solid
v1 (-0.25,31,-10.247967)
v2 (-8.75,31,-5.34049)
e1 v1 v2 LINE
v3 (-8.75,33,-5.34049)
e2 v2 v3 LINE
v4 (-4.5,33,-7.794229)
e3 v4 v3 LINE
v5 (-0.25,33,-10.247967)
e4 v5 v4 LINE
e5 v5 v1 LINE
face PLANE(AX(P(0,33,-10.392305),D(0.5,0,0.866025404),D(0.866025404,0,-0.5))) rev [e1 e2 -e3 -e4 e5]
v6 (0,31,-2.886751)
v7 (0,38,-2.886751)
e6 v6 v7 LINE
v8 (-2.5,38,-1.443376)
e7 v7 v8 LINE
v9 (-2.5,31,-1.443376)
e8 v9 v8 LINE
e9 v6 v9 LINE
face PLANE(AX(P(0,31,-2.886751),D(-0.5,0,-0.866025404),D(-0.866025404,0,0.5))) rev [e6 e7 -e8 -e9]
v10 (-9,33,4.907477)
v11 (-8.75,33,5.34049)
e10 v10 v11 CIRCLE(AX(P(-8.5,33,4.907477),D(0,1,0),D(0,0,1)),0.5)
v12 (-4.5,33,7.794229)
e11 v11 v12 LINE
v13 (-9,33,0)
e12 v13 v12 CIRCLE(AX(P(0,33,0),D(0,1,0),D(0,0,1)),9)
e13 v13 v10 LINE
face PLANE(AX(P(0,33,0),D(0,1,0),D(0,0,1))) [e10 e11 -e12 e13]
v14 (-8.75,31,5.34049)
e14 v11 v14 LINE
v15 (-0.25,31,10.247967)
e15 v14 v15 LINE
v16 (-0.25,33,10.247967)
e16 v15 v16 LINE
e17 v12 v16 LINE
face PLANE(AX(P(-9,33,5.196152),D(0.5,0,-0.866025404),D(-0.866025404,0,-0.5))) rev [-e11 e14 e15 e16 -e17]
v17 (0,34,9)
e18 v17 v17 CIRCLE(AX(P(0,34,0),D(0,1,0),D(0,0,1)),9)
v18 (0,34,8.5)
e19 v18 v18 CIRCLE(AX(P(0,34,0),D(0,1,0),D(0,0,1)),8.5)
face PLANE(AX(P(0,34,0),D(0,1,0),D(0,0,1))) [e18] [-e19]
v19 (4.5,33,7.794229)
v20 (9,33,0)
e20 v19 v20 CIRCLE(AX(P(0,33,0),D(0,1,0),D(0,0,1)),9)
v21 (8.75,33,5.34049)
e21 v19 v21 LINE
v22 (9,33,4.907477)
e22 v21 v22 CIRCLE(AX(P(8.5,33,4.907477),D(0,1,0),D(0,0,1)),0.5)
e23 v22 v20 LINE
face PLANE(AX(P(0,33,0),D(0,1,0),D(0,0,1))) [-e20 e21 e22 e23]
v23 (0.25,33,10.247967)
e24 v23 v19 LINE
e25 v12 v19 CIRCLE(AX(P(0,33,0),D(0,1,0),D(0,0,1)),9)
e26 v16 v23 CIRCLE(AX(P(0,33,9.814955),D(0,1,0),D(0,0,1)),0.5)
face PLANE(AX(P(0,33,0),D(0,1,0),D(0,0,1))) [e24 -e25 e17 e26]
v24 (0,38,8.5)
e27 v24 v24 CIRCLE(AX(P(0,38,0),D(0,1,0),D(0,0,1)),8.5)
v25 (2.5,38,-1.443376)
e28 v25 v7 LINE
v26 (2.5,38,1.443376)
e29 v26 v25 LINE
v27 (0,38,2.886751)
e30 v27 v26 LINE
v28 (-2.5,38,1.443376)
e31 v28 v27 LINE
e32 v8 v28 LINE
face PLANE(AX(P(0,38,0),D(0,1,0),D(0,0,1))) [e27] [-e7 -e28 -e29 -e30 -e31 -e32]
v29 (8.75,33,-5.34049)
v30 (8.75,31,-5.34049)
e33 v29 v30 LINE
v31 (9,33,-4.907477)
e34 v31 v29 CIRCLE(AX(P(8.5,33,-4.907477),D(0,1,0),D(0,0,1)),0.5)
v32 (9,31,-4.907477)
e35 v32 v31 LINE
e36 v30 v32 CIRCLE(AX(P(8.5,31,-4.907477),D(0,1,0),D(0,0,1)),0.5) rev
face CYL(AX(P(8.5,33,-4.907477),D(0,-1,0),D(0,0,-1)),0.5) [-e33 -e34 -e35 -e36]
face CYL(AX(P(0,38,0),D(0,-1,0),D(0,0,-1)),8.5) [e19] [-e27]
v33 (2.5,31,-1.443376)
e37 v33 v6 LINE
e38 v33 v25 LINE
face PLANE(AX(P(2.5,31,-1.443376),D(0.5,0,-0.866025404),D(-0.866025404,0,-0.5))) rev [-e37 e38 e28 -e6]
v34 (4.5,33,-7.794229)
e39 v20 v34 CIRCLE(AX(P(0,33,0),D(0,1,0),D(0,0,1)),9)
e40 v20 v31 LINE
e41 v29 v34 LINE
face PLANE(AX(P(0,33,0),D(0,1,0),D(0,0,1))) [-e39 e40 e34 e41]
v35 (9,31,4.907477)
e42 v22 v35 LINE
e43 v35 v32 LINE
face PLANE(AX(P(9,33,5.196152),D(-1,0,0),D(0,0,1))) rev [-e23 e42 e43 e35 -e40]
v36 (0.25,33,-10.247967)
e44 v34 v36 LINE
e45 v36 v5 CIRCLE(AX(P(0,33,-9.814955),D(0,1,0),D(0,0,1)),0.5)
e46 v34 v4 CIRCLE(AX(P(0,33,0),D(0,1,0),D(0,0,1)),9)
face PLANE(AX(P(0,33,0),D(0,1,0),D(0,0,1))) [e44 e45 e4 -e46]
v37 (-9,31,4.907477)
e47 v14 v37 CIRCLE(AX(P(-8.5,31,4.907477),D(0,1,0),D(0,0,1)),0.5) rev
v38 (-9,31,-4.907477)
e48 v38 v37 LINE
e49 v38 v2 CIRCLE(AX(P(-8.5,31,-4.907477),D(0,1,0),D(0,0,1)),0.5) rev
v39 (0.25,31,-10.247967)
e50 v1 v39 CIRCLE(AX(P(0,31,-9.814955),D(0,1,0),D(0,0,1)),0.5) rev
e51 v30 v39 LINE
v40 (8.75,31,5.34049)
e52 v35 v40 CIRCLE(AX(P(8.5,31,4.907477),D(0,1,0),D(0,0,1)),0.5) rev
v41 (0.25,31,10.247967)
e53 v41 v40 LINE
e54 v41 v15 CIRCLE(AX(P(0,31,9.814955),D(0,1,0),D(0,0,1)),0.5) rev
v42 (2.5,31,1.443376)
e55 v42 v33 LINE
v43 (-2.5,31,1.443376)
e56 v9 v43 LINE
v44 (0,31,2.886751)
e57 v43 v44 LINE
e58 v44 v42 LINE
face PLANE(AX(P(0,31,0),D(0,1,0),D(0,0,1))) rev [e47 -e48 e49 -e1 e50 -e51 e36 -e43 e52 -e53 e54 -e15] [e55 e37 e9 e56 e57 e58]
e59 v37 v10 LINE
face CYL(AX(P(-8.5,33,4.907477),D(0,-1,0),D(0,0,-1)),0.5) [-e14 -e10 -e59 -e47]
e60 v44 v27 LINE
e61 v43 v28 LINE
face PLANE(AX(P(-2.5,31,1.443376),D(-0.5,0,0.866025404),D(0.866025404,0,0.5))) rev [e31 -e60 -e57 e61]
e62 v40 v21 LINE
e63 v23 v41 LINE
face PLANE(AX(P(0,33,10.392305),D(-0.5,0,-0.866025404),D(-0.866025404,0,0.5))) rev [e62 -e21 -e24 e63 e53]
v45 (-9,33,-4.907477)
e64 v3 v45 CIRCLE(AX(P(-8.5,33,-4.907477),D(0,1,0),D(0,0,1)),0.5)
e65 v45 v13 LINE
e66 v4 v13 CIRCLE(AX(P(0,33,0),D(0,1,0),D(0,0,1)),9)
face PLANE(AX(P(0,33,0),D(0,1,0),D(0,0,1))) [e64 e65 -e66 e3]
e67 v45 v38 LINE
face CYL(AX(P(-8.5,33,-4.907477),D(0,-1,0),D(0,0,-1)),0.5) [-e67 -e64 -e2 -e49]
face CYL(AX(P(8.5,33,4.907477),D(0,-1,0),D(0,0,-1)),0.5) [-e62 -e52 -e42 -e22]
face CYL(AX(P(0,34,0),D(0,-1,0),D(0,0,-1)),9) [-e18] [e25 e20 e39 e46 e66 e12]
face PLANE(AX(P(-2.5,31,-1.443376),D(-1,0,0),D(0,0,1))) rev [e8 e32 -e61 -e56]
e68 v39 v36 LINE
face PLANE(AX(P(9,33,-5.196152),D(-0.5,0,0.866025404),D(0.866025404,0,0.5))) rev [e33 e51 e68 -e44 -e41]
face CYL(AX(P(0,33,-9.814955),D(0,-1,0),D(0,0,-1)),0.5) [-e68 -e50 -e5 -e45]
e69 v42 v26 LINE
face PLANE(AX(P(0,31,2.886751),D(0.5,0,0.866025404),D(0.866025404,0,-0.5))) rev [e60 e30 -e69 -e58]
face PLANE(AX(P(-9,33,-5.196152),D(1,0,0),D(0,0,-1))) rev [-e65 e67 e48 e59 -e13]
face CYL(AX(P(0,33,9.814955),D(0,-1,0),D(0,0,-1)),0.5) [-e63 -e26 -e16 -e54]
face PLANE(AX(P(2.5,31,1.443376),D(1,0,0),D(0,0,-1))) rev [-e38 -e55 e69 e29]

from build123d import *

# Parameters (mm, degrees)
BOSS_EXTRUDE1_DEPTH = 2
FILLET1_R           = 0.5
SKETCH2_R           = 9
BOSS_EXTRUDE2_DEPTH = 1
SKETCH3_R           = 8.5
BOSS_EXTRUDE3_DEPTH = 4
CUT_EXTRUDE1_DEPTH  = 16.375249198


with BuildPart() as part:
    # Sketch1 → Boss-Extrude1 (new body)
    with BuildSketch(Plane(origin=(0, 31, 0), x_dir=(1, 0, 0), z_dir=(0, 1, 0))):
        Polygon((0, 10.392304845), (-9, 5.196152423), (-9, -5.196152423), (0, -10.392304845), (9, -5.196152423), (9, 5.196152423), align=None)
    extrude(amount=BOSS_EXTRUDE1_DEPTH)

    # Fillet1
    fillet1_edges = [part.edges().sort_by_distance(p)[0] for p in [
        (9, 32, -5.196152423),
        (9, 32, 5.196152423),
        (0, 32, 10.392304845),
        (-9, 32, 5.196152423),
        (-9, 32, -5.196152423),
        (0, 32, -10.392304845),
    ]]
    fillet(fillet1_edges, radius=FILLET1_R)

    # Sketch2 → Boss-Extrude2 (add)
    with BuildSketch(Plane(origin=(0, 33, 0), x_dir=(1, 0, 0), z_dir=(0, 1, 0))):
        with Locations(Location((0, 0, 0), (0, 0, 60))):
            Circle(SKETCH2_R)
    extrude(amount=BOSS_EXTRUDE2_DEPTH)

    # Sketch3 → Boss-Extrude3 (add)
    with BuildSketch(Plane(origin=(0, 34, 0), x_dir=(1, 0, 0), z_dir=(0, 1, 0))):
        with Locations(Location((0, 0, 0), (0, 0, 270))):
            Circle(SKETCH3_R)
    extrude(amount=BOSS_EXTRUDE3_DEPTH)

    # Sketch4 → Cut-Extrude1 (cut, through all)
    with BuildSketch(Plane(origin=(0, 38, 0), x_dir=(1, 0, 0), z_dir=(0, 1, 0))):
        Polygon((0, 2.886751346), (-2.5, 1.443375673), (-2.5, -1.443375673), (0, -2.886751346), (2.5, -1.443375673), (2.5, 1.443375673), align=None)
    extrude(amount=-CUT_EXTRUDE1_DEPTH, mode=Mode.SUBTRACT)


solid = part.part
